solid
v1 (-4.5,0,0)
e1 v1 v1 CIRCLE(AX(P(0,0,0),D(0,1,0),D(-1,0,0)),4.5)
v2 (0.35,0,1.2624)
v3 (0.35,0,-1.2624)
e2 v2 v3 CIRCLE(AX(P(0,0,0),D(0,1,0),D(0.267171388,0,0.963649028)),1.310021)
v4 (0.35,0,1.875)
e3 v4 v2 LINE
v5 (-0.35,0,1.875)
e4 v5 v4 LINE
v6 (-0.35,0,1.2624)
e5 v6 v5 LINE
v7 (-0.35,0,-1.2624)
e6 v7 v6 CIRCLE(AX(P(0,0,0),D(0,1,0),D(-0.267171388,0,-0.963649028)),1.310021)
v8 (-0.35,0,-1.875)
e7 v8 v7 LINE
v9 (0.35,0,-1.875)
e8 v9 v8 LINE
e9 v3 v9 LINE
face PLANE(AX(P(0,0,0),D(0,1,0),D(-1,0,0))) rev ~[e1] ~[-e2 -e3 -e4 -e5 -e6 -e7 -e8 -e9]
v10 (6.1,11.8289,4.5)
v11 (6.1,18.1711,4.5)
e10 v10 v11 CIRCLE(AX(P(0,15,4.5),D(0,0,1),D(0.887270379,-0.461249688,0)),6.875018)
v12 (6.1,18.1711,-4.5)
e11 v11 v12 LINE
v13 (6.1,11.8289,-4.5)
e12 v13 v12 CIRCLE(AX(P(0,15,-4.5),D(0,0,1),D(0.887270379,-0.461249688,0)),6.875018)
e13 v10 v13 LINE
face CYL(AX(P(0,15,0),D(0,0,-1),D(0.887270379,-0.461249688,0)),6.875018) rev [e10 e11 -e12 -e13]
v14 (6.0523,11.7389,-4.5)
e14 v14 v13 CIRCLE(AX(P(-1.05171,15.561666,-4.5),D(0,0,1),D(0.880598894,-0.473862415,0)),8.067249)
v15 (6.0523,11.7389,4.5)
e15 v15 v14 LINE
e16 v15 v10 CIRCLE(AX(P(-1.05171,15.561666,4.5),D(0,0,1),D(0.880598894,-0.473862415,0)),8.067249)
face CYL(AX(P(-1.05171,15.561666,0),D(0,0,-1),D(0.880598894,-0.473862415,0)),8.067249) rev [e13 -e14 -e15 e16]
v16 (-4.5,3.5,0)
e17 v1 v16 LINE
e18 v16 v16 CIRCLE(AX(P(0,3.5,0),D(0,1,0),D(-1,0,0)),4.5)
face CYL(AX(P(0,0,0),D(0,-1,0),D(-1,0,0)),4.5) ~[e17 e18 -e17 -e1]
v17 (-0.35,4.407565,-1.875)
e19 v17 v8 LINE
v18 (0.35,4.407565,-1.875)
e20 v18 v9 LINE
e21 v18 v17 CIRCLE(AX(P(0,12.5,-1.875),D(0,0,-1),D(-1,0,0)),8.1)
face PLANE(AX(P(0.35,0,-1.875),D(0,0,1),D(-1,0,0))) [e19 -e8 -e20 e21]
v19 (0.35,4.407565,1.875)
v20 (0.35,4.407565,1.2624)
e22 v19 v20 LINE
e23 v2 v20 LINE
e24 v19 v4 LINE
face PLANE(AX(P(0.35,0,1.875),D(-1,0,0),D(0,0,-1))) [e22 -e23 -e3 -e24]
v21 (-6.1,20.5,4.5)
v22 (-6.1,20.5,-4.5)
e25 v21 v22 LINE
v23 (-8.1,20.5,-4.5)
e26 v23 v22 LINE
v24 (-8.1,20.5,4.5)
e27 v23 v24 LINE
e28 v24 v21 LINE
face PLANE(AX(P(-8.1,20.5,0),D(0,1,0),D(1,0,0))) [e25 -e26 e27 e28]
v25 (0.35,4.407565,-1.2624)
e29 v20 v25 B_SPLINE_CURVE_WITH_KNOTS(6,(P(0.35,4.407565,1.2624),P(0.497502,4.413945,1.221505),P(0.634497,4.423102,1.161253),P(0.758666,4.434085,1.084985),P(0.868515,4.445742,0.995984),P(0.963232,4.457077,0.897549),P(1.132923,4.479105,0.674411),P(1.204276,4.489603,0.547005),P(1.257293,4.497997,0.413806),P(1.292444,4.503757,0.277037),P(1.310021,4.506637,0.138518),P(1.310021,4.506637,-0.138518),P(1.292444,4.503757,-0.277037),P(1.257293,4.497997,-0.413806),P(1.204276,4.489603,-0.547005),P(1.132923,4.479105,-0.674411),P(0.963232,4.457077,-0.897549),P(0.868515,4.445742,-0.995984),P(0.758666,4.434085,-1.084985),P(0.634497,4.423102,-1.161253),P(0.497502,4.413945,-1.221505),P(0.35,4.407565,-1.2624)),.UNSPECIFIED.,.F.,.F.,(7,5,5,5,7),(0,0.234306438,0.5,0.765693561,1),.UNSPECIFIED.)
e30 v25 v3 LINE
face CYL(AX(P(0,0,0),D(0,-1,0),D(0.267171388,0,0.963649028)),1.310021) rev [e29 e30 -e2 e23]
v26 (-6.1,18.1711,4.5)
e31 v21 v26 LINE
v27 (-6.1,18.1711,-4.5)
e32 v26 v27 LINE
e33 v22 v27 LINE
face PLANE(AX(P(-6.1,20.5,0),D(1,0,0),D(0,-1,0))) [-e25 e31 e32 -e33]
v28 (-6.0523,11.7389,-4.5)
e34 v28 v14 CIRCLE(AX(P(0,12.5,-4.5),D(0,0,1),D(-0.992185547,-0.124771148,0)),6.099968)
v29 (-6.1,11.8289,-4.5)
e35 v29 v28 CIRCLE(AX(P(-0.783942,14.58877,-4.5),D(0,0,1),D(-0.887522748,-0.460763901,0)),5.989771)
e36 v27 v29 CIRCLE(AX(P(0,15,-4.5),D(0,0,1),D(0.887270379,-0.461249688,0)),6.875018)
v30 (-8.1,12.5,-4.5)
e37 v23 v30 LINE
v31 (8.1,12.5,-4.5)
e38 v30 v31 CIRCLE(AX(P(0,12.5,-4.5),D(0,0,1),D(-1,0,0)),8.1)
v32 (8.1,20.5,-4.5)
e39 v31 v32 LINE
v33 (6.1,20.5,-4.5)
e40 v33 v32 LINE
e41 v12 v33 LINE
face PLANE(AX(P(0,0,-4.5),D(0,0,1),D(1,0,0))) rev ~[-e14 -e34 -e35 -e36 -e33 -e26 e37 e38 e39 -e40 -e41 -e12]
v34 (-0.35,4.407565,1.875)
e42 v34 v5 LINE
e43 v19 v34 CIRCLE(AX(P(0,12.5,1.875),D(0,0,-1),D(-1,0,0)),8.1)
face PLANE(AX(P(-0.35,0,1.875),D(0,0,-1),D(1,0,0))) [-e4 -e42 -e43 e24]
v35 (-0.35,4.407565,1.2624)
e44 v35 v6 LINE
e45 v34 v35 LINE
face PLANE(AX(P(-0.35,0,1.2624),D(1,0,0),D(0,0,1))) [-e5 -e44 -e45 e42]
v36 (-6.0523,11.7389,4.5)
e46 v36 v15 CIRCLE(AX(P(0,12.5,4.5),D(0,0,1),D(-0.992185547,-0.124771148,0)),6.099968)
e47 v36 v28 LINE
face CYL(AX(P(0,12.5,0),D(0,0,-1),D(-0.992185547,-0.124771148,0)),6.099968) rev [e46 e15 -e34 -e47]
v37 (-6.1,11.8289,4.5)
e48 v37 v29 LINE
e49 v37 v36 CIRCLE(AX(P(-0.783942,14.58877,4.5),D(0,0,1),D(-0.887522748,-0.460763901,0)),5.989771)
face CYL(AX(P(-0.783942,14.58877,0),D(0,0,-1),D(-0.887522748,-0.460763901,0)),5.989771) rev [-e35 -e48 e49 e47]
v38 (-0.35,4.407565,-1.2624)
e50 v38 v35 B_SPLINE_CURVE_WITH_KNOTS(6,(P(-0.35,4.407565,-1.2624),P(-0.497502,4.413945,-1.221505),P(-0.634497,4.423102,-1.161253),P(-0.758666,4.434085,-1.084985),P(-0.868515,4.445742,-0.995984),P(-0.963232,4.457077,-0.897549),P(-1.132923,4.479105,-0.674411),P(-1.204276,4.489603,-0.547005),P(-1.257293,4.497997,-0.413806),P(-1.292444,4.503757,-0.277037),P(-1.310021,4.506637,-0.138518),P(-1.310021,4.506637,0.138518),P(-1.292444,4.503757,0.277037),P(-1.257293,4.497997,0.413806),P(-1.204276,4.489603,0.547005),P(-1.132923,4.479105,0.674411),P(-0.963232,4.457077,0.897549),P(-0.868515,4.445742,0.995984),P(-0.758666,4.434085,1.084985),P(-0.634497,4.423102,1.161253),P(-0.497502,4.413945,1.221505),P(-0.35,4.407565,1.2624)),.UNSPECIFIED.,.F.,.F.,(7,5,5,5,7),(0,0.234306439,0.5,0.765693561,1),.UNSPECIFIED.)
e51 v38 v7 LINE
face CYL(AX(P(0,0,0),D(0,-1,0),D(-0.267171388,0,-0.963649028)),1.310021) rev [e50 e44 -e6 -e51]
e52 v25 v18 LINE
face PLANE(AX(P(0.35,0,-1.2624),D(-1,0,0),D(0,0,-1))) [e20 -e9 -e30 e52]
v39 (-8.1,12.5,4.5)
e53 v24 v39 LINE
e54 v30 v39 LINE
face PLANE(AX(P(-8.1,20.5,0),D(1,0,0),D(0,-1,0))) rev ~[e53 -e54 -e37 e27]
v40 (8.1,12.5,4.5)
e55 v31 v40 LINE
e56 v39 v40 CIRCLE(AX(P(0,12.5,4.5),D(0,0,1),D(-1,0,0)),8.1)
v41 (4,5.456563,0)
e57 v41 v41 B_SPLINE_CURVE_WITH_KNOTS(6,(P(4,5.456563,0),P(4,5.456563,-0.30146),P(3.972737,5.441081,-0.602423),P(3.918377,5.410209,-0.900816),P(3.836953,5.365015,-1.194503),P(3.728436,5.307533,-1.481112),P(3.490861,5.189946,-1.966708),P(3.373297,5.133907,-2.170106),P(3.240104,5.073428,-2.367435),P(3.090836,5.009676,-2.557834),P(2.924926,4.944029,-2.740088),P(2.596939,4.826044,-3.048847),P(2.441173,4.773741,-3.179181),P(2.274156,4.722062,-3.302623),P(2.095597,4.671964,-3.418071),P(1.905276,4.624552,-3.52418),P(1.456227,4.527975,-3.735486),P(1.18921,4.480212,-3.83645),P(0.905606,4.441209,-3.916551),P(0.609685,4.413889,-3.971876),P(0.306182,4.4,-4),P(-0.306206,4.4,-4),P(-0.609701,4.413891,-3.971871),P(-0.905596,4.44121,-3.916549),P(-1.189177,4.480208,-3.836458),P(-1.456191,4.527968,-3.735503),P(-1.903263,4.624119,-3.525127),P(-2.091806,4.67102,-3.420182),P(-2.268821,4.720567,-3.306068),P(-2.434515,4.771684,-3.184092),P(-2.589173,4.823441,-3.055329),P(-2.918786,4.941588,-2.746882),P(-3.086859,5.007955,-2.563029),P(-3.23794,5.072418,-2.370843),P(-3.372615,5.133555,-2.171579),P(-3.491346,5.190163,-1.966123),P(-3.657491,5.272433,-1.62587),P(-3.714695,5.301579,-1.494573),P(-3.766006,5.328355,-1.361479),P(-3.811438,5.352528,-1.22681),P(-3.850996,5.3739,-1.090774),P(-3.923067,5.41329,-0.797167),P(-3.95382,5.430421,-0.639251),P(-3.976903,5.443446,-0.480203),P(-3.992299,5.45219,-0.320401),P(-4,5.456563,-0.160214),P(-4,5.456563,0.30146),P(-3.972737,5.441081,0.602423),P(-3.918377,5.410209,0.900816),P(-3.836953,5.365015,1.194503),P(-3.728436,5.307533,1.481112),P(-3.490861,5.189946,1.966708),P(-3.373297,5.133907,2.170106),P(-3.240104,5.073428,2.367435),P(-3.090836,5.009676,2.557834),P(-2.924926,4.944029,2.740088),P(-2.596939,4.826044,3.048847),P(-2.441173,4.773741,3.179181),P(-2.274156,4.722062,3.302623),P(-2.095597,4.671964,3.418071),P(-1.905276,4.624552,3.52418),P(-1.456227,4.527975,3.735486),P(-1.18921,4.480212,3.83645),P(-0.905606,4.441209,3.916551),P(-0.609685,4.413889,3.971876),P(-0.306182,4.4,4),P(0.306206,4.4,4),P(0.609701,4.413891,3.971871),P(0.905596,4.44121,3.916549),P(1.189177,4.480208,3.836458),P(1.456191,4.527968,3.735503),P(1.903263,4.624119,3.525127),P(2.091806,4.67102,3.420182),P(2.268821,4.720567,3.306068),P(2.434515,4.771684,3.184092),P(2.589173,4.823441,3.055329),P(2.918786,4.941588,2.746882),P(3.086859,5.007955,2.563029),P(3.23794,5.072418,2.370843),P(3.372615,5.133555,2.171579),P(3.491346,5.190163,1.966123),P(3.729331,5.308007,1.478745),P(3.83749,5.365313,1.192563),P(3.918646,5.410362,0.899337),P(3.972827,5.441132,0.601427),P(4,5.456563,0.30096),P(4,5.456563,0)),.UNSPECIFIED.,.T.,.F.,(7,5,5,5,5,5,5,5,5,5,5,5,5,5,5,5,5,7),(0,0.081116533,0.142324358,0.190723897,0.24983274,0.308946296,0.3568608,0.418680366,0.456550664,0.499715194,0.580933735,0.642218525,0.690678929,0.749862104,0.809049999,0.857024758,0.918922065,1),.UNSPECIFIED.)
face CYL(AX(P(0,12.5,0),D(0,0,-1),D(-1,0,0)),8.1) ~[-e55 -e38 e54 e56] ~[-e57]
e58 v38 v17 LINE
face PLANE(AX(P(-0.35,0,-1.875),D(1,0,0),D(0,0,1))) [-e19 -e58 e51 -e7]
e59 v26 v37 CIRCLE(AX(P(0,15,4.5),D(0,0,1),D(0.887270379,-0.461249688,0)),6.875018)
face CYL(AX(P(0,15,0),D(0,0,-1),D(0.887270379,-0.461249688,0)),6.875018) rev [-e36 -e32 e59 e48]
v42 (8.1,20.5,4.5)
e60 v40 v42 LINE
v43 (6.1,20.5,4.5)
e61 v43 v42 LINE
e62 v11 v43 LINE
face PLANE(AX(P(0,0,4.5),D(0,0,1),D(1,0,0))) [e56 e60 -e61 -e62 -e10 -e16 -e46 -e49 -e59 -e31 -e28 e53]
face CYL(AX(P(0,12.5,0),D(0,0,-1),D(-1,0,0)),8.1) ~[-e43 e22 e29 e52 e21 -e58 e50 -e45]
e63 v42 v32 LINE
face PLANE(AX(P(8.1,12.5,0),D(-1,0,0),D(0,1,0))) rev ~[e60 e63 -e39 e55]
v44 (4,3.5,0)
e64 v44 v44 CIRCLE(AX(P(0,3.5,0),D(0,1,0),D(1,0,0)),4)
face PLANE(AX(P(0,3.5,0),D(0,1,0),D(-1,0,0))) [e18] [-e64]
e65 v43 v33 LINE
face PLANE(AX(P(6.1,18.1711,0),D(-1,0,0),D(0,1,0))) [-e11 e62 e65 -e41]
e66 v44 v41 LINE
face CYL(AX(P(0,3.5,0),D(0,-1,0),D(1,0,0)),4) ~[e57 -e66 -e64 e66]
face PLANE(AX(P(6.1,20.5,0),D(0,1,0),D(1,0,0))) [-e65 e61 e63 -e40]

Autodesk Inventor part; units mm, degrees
ref_plane "YZ Plane" through (0, 0, 0) normal (1, 0, 0) x (0, 1, 0)
ref_plane "XZ Plane" through (0, 0, 0) normal (0, 1, 0) x (-1, 0, 0)
ref_plane "XY Plane" through (0, 0, 0) normal (0, 0, 1) x (1, 0, 0)
sketch "Sketch1" plane through (0, 0, 0) normal (0, 1, 0) x (-1, 0, 0)
  circle A0 centre (0, 0) radius 1.05 construction
  arc A1 (-0.35, 1.2624) -> (-0.35, -1.2624) centre (0, 0) ccw
  circle A2 centre (0, 0) radius 4.5
  line L0 (0.35, 1.875) -> (-0.35, 1.875)
  line L1 (-0.35, 1.875) -> (-0.35, -1.875)
  line L2 (-0.35, -1.875) -> (0.35, -1.875)
  line L3 (0.35, -1.875) -> (0.35, 1.875)
  arc A3 (0.35, 1.2624) -> (-0.35, 1.2624) centre (0, 0) ccw
  arc A4 (0.35, -1.2624) -> (0.35, 1.2624) centre (0, 0) ccw
  arc A5 (-0.35, -1.2624) -> (0.35, -1.2624) centre (0, 0) ccw
  point P0 (0, 1.875)
  point P1 (0.35, 0)
  dimension "d1" = 2.1
  dimension "d3" = 9
  dimension "d18" = 0.26
  dimension "d19" = 0.7
  dimension "d20" = 3.75
extrude "Extrusion1" add sketch "Sketch1" along normal blind 3.5
sketch "Sketch4" plane through (0, 0, 0) normal (0, 0, 1) x (1, 0, 0)
  line L0 (-8.1, 20.5) -> (-8.1, 12.5)
  arc A0 (-8.1, 12.5) -> (8.1, 12.5) centre (0, 12.5) ccw
  line L1 (8.1, 12.5) -> (8.1, 20.5)
  line L2 (-6.1, 20.5) -> (-6.1, 18.1711)
  arc A1 (-6.1, 12.5) -> (-6.0523, 11.7389) centre (0, 12.5) ccw
  line L3 (6.1, 12.5) -> (6.1, 11.8289)
  line L4 (-8.1, 20.5) -> (-6.1, 20.5)
  line L5 (6.1, 20.5) -> (8.1, 20.5)
  line L6 (-0.35, 0) -> (0.35, 0) projected
  line L7 (4.5, 3.5) -> (-4.5, 3.5) projected
  arc A2 (-6.0523, 11.7389) -> (6.0523, 11.7389) centre (0, 15) ccw
  line L8 (-6.1, 18.1711) -> (-6.1, 11.8289)
  line L9 (-6.1, 11.8289) -> (-6.1, 12.5)
  line L10 (6.1, 11.8289) -> (6.1, 18.1711)
  line L11 (6.1, 18.1711) -> (6.1, 20.5)
  arc A3 (-6.1, 11.8289) -> (-6.0523, 11.7389) centre (0, 15) ccw
  arc A4 (6.1, 11.8289) -> (-6.1, 11.8289) centre (0, 15) ccw
  arc A5 (6.0523, 11.7389) -> (6.1, 11.8289) centre (0, 15) ccw
  arc A6 (6.0523, 11.7389) -> (6.1, 12.5) centre (0, 12.5) ccw
  arc A7 (-6.0523, 11.7389) -> (6.0523, 11.7389) centre (0, 12.5) ccw
  point P0 (0, 0)
  point P1 (0, 0)
  dimension "d23" = 2
  dimension "d24" = 9
  dimension "d25" = 8
  dimension "d26" = 13.75
  dimension "d27" = 2.5
  dimension "d36" = 12.2
extrude "Extrusion5" add sketch "Sketch4" along normal mid plane 9 contours L4 L2 A4 A3 A7 A5 L11 L5 L1 A0 L0
sketch "Sketch8" plane through (0, 3.5, 0) normal (0, 1, 0) x (1, 0, 0)
  circle A0 centre (0, 0) radius 4
  arc A1 (0.35, -1.2624) -> (0.35, 1.2624) centre (0, 0) ccw projected
  line L0 (0.35, 1.875) -> (0.35, 1.2624) projected
  line L1 (-0.35, 1.875) -> (0.35, 1.875) projected
  line L2 (-0.35, 1.2624) -> (-0.35, 1.875) projected
  arc A2 (-0.35, 1.2624) -> (-0.35, -1.2624) centre (0, 0) ccw projected
  line L3 (-0.35, -1.875) -> (-0.35, -1.2624) projected
  line L4 (0.35, -1.875) -> (-0.35, -1.875) projected
  line L5 (0.35, -1.2624) -> (0.35, -1.875) projected
  dimension "d33" = 8
extrude "Extrusion6" add sketch "Sketch8" along normal up to next
sketch "Sketch2" plane through (0, 3.5, 0) normal (0, 1, 0) x (1, 0, 0)
  circle A0 centre (0, 0) radius 1.31 projected
  circle A1 centre (0, 0) radius 3.31
  dimension "d6" = 2
  dimension "d9" = 7.3
  dimension "d10" = 2
properties part number "LaserDiodeAdapterLarge" material "ABS Plastic"
